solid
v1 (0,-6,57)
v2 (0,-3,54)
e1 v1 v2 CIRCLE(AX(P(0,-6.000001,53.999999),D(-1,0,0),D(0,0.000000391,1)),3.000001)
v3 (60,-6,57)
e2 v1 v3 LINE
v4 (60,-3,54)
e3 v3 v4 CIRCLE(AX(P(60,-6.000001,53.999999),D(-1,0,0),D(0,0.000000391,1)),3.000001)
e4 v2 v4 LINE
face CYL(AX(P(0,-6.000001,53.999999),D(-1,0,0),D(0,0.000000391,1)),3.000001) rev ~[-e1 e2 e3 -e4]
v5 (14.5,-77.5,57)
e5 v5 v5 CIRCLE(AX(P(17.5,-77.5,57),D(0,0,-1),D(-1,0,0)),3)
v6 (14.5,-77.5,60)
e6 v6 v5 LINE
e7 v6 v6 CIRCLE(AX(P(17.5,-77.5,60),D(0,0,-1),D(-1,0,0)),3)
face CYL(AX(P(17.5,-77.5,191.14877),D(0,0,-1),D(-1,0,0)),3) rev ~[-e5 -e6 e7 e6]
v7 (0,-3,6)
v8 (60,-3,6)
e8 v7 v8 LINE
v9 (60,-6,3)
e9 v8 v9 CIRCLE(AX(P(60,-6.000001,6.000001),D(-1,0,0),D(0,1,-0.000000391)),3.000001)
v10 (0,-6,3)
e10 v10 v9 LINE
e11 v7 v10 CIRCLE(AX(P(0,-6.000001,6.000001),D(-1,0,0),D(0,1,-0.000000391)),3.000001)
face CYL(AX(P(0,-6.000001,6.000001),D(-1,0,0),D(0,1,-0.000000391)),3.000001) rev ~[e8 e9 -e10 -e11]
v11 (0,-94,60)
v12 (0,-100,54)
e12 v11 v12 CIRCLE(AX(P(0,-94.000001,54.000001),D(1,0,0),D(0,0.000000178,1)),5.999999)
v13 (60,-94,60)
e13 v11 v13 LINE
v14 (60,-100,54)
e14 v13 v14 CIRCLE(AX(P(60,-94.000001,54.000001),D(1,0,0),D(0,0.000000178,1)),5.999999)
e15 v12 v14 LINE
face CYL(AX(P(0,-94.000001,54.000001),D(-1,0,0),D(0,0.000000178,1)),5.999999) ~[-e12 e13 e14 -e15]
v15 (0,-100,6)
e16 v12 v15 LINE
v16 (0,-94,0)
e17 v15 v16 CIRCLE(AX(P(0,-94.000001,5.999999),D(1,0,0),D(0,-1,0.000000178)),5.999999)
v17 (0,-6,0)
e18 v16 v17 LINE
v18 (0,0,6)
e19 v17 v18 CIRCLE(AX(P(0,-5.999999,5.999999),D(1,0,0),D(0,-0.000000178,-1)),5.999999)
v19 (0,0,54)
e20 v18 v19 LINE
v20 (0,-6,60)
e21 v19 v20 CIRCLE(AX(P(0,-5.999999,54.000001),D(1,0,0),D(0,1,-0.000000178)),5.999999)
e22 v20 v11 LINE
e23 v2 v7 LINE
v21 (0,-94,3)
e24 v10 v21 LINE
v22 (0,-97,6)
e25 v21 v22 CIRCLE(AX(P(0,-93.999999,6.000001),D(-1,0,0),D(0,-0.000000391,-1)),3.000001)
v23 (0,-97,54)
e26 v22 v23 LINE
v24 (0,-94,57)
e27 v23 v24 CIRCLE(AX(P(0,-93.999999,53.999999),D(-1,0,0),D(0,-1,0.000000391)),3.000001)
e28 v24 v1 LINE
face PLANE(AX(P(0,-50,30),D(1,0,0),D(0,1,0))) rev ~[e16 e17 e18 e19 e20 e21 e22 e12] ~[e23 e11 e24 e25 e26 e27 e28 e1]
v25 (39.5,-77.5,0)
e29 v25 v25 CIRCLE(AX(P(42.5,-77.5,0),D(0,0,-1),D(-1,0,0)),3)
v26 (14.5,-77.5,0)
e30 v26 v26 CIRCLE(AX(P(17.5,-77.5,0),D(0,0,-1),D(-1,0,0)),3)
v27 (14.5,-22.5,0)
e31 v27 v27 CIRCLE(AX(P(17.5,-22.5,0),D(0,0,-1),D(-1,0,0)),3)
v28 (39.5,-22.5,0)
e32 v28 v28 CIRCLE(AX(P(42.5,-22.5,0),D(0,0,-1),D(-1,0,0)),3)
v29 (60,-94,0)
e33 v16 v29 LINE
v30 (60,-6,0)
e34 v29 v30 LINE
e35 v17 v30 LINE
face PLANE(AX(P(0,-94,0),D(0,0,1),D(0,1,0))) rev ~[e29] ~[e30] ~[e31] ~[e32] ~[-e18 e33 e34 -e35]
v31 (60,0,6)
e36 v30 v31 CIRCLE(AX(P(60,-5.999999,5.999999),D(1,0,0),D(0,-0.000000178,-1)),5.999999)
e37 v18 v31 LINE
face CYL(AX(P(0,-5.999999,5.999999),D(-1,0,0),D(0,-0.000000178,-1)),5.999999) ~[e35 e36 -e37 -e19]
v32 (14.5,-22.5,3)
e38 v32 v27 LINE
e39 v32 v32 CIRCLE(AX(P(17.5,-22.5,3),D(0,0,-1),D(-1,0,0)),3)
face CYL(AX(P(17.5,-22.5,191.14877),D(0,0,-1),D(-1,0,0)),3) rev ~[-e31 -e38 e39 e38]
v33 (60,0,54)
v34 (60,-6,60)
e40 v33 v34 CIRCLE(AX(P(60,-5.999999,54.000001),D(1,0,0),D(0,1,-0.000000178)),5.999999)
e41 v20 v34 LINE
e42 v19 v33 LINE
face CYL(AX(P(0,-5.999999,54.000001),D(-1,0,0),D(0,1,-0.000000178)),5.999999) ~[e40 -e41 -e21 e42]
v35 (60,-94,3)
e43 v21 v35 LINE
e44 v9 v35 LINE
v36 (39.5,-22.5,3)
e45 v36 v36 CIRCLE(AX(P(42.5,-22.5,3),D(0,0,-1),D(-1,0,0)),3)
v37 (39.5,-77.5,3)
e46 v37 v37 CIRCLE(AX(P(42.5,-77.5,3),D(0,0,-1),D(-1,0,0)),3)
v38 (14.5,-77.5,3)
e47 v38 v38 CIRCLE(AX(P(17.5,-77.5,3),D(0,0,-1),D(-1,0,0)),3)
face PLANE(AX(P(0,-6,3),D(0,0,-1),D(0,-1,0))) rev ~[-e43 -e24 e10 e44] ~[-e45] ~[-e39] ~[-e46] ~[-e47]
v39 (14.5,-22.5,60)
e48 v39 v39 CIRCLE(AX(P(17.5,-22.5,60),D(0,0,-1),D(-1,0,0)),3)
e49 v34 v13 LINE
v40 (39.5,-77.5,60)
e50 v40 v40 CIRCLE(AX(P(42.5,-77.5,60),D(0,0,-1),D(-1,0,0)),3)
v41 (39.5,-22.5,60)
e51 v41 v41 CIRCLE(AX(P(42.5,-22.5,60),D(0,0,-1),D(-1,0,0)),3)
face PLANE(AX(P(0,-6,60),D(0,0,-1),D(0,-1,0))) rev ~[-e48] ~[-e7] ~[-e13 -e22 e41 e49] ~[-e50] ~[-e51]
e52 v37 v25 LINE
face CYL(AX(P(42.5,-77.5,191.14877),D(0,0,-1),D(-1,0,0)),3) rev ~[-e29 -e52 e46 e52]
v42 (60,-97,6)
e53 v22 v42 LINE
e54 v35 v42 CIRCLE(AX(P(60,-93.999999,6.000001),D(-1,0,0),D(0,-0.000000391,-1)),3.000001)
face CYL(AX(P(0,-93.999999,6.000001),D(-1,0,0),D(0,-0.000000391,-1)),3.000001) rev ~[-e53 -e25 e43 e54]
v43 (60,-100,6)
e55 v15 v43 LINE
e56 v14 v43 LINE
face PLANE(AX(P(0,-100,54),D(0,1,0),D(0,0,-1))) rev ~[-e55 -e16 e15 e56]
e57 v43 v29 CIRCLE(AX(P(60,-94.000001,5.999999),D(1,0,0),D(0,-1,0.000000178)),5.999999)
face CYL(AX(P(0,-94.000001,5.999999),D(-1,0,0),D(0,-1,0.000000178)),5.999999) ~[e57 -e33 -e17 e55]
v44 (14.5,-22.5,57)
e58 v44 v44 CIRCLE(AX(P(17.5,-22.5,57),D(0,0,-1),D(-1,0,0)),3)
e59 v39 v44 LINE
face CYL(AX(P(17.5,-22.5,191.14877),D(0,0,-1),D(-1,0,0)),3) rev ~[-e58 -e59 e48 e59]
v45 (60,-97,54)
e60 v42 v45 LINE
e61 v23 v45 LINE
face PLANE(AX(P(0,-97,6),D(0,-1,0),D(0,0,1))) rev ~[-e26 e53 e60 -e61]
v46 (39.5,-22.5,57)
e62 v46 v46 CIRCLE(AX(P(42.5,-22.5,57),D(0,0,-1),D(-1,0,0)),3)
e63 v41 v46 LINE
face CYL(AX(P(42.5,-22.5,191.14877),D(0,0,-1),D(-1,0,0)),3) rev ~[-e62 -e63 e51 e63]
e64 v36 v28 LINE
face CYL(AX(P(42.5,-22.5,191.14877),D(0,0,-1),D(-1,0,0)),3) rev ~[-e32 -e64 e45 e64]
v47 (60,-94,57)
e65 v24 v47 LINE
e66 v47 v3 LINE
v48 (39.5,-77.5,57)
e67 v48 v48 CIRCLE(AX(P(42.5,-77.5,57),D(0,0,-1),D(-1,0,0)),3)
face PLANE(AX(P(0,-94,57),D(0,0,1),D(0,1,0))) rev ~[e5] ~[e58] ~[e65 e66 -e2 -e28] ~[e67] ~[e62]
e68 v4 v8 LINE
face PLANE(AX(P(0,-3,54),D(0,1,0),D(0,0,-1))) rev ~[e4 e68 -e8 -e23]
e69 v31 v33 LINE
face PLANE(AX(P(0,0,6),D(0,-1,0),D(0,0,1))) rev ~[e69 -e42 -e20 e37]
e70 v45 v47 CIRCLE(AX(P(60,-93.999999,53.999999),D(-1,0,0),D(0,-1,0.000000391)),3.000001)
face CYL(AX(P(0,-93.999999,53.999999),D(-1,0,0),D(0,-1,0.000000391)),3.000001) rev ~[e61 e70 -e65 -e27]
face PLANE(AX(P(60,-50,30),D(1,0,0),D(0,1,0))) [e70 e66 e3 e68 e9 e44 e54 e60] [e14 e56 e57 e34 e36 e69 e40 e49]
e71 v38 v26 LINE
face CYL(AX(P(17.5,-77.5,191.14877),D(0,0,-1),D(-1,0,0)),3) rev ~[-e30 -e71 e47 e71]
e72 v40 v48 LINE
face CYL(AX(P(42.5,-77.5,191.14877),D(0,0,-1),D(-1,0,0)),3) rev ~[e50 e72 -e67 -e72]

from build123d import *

# Parameters (mm, degrees)
F1_DEPTH = 60
F3_D     = 6


with BuildPart() as f1:
    # F0 (on Right) → F1 (new body)
    with BuildSketch(Plane.YZ):
        with BuildLine():
            Line((-94, 0), (-6, 0))
            ThreePointArc((-6, 0), (-1.757359, 1.757359), (0, 6))
            Line((0, 6), (0, 54))
            ThreePointArc((0, 54), (-1.757359, 58.242641), (-6, 60))
            Line((-6, 60), (-94, 60))
            ThreePointArc((-94, 60), (-98.242641, 58.242641), (-100, 54))
            Line((-100, 54), (-100, 6))
            ThreePointArc((-100, 6), (-98.242641, 1.757359), (-94, 0))
        make_face()
        with BuildLine():
            ThreePointArc((-94, 3), (-96.12132, 3.87868), (-97, 6))
            Line((-97, 6), (-97, 54))
            ThreePointArc((-97, 54), (-96.12132, 56.12132), (-94, 57))
            Line((-94, 57), (-6, 57))
            ThreePointArc((-6, 57), (-3.87868, 56.12132), (-3, 54))
            Line((-3, 54), (-3, 6))
            ThreePointArc((-3, 6), (-3.87868, 3.87868), (-6, 3))
            Line((-6, 3), (-94, 3))
        make_face(mode=Mode.SUBTRACT)
    extrude(amount=F1_DEPTH)

    # F3 (through all)
    with Locations(Plane.XY.offset(60)):
        with Locations((17.5, -22.5), (42.5, -22.5), (17.5, -77.5), (42.5, -77.5)):
            Hole(F3_D / 2)


solid = f1.part
